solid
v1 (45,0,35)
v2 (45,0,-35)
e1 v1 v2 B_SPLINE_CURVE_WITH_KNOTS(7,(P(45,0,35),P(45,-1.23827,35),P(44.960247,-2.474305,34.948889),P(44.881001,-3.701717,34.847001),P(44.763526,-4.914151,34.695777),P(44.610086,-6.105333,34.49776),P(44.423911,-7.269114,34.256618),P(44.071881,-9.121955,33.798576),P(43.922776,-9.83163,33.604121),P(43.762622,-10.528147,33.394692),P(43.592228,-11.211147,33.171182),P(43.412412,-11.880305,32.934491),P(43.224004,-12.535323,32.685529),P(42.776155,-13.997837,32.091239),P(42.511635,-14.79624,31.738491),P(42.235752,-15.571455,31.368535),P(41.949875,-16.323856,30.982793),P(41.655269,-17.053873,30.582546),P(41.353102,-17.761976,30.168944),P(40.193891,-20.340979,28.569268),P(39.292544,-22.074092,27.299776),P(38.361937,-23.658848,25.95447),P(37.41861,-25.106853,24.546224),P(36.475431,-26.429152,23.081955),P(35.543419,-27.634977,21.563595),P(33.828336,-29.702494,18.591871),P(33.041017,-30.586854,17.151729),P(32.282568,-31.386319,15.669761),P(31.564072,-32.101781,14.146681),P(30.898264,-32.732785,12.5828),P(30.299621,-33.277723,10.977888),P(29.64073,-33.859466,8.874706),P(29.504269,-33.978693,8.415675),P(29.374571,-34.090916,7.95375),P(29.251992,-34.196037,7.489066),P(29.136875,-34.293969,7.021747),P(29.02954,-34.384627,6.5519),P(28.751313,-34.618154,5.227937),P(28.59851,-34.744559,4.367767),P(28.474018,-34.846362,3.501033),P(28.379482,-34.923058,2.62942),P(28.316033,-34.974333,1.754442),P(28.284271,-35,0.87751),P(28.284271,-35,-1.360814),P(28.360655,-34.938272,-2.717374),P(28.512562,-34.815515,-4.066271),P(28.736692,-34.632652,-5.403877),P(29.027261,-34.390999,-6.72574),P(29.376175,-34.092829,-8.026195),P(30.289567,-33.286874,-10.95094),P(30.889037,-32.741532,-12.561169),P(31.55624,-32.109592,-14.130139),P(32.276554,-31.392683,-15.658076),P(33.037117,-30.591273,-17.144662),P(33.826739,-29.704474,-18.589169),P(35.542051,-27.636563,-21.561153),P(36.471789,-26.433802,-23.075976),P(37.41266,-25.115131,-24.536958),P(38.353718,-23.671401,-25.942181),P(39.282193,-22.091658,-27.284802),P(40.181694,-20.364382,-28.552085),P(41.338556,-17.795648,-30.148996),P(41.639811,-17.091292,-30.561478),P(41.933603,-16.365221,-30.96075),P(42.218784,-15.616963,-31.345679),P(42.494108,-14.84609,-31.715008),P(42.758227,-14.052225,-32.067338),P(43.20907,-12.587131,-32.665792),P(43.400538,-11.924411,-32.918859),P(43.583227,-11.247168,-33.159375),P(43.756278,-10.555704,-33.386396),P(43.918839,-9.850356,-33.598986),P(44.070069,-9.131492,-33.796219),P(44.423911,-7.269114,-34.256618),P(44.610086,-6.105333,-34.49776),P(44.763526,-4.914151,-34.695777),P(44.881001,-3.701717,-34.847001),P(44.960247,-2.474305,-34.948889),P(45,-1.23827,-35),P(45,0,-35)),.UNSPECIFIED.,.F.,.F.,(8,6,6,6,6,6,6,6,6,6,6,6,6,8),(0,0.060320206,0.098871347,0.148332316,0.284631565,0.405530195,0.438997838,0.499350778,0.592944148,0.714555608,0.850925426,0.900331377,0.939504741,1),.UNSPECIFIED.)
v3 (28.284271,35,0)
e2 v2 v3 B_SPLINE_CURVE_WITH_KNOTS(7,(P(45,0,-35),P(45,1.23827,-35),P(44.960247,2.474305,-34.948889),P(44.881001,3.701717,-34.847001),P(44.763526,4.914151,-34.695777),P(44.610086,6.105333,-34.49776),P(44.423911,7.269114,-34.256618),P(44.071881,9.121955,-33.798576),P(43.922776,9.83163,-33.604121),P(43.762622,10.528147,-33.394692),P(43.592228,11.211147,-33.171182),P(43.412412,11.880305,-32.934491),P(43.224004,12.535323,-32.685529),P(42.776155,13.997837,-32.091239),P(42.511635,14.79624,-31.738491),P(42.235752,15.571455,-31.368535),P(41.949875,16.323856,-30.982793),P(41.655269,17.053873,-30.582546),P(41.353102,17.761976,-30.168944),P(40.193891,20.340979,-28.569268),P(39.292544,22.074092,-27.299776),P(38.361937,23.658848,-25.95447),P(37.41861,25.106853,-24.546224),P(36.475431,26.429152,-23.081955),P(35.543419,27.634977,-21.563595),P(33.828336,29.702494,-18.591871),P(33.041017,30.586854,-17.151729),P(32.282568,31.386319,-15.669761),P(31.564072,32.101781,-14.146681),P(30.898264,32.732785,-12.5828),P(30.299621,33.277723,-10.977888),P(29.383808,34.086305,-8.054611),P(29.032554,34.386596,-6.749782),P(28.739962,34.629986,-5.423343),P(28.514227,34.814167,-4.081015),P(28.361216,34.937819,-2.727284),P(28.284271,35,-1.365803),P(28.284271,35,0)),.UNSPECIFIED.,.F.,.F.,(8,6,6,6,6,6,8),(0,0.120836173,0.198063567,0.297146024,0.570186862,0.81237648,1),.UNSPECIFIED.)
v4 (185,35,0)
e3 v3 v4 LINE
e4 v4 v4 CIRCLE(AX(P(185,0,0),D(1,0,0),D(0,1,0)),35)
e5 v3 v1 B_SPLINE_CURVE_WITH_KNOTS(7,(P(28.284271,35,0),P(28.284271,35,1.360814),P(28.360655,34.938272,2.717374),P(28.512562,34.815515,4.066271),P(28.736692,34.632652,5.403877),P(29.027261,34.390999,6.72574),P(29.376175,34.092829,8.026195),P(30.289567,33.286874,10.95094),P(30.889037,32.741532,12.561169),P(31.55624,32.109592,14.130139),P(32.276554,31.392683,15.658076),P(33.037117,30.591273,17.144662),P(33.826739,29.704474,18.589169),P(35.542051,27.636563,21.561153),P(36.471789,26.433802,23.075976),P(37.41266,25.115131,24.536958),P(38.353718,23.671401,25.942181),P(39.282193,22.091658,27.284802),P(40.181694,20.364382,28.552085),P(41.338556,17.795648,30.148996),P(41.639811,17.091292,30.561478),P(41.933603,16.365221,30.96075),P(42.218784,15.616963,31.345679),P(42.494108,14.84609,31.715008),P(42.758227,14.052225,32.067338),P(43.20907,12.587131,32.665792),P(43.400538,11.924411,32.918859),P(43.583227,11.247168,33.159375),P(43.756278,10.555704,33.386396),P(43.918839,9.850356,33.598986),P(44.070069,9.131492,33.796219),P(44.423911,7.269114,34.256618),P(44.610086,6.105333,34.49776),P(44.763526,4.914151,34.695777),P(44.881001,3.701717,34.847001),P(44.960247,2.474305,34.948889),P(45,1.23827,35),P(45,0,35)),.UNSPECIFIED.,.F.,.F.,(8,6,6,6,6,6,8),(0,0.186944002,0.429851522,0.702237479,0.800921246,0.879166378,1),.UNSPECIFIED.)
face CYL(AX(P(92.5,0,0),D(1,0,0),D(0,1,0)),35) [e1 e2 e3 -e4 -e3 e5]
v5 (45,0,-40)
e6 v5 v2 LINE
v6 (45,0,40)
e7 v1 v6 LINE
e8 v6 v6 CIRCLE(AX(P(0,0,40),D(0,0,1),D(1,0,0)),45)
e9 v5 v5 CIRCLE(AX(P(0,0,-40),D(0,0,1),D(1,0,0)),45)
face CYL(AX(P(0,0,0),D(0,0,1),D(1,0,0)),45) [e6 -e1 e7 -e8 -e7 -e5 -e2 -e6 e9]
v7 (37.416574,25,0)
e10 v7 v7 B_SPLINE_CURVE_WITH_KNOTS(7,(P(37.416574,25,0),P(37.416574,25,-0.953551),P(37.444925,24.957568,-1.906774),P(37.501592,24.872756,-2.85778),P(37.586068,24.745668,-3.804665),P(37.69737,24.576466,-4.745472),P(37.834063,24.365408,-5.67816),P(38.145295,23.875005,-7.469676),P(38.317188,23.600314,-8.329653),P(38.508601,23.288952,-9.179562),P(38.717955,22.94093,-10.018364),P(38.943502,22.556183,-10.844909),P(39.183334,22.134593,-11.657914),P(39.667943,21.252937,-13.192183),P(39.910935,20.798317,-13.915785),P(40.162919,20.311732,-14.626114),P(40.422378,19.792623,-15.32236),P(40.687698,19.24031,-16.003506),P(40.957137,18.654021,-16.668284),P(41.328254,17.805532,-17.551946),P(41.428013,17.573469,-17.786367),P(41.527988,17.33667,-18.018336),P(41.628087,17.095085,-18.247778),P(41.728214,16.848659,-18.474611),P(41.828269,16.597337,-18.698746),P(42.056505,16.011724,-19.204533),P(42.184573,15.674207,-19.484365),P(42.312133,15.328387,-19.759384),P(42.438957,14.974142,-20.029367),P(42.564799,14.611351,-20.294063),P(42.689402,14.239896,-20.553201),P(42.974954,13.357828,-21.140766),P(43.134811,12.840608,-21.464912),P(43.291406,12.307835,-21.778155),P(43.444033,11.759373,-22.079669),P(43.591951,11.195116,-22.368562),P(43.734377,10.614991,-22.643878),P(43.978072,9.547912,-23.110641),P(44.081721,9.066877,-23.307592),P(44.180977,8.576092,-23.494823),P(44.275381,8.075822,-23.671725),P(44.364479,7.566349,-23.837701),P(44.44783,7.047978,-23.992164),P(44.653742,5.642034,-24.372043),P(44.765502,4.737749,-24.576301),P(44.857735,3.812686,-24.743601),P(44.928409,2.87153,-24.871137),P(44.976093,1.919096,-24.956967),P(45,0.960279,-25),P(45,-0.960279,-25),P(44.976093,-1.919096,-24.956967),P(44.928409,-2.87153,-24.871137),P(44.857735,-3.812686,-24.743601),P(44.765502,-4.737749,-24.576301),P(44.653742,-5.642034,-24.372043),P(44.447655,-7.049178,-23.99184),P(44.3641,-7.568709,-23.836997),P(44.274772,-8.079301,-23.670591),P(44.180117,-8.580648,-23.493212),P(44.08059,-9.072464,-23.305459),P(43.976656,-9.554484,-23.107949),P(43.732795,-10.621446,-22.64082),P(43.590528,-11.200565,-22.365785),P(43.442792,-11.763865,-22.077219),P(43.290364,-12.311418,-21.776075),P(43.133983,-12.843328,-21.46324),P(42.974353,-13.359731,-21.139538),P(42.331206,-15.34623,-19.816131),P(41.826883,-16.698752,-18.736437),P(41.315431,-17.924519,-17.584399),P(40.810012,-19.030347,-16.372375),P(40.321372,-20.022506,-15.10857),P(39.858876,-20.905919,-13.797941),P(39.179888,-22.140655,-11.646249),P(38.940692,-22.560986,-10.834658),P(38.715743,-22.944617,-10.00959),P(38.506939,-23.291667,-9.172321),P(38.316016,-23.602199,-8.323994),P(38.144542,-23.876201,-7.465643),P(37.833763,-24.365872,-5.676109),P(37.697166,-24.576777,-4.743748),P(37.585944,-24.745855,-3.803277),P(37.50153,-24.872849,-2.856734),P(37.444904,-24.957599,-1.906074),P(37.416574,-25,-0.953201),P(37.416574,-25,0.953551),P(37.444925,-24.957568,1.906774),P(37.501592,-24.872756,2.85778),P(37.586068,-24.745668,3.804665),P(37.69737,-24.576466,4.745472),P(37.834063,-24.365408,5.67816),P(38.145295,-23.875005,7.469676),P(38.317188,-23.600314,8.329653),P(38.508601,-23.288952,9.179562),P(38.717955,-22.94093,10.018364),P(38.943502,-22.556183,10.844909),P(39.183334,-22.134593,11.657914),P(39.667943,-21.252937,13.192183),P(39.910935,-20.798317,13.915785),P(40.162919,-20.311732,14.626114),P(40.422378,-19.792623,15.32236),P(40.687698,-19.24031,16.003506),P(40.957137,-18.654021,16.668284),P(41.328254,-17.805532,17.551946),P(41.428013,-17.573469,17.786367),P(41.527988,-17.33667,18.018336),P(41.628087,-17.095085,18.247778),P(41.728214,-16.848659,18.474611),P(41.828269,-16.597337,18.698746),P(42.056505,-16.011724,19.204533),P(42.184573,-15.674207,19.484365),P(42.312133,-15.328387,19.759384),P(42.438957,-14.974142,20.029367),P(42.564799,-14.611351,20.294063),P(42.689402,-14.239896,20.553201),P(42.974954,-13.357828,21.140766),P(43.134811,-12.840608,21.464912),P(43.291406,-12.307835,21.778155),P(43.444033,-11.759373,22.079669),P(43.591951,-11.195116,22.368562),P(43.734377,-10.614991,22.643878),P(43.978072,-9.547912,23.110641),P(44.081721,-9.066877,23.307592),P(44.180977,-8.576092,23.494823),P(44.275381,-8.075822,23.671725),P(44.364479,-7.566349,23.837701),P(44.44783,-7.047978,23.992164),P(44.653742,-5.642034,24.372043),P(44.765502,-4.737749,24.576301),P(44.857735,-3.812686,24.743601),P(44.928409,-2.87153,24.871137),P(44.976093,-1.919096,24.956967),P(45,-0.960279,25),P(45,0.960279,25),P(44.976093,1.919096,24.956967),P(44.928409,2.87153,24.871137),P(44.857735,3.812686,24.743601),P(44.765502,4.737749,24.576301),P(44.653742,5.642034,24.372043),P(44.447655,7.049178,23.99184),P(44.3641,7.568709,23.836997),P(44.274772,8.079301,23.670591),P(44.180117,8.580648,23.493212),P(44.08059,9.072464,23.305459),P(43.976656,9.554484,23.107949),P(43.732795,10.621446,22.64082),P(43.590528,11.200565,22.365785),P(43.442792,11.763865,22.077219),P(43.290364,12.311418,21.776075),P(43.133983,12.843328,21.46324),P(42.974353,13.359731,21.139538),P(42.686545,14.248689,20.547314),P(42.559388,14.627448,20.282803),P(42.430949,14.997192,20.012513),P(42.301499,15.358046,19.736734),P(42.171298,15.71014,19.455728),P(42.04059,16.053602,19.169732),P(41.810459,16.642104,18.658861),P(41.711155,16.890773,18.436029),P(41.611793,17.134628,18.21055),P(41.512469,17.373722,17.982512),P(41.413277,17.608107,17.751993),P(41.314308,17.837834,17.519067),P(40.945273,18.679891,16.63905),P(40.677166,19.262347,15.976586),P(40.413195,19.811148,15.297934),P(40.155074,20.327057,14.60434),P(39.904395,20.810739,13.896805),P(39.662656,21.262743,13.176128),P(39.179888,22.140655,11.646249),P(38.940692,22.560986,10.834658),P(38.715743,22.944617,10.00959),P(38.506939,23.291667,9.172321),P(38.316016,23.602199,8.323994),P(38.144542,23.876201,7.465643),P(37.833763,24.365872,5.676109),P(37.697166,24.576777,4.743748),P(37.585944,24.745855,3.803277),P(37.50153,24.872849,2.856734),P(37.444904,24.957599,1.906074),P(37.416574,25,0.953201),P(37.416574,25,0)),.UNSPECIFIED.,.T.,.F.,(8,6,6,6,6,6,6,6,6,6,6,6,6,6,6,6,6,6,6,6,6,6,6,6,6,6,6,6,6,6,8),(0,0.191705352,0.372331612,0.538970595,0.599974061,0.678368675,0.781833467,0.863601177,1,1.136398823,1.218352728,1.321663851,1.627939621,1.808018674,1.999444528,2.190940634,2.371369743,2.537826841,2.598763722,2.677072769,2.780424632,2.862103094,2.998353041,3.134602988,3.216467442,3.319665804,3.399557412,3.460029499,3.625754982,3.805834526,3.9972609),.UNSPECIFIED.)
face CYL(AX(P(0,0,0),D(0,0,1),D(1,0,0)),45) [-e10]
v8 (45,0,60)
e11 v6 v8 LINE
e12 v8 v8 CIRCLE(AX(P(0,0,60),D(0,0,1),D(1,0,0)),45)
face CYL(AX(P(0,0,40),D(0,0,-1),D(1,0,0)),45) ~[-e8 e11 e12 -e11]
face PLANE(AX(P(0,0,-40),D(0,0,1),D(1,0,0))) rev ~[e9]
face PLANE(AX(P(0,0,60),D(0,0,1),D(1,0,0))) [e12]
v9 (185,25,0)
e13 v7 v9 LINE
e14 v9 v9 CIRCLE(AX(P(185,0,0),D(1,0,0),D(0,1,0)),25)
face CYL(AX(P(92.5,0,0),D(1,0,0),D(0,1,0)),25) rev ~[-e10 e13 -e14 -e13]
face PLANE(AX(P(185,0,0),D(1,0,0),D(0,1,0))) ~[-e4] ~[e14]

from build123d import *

# Parameters (mm, degrees)
SKETCH_W     = 185
SKETCH_H     = 10
SKETCH001_R  = 45
PAD_DEPTH    = 40
SKETCH002_R  = 45
PAD001_DEPTH = 20


with BuildPart() as part:
    # Sketch → Revolution (revolve)
    with BuildSketch(Plane.XY):
        with Locations((92.5, 30)):
            Rectangle(SKETCH_W, SKETCH_H)
    revolve(axis=Axis((0, 0, 0), (1, 0, 0)))

    # Sketch001 → Pad (new body, symmetric)
    with BuildSketch(Plane.XY):
        Circle(SKETCH001_R)
    extrude(amount=PAD_DEPTH, both=True)

    # Sketch002 (on Face5 of Pad) → Pad001 (join)
    with BuildSketch(Plane.XY.offset(40)):
        Circle(SKETCH002_R)
    extrude(amount=PAD001_DEPTH)


solid = part.part
